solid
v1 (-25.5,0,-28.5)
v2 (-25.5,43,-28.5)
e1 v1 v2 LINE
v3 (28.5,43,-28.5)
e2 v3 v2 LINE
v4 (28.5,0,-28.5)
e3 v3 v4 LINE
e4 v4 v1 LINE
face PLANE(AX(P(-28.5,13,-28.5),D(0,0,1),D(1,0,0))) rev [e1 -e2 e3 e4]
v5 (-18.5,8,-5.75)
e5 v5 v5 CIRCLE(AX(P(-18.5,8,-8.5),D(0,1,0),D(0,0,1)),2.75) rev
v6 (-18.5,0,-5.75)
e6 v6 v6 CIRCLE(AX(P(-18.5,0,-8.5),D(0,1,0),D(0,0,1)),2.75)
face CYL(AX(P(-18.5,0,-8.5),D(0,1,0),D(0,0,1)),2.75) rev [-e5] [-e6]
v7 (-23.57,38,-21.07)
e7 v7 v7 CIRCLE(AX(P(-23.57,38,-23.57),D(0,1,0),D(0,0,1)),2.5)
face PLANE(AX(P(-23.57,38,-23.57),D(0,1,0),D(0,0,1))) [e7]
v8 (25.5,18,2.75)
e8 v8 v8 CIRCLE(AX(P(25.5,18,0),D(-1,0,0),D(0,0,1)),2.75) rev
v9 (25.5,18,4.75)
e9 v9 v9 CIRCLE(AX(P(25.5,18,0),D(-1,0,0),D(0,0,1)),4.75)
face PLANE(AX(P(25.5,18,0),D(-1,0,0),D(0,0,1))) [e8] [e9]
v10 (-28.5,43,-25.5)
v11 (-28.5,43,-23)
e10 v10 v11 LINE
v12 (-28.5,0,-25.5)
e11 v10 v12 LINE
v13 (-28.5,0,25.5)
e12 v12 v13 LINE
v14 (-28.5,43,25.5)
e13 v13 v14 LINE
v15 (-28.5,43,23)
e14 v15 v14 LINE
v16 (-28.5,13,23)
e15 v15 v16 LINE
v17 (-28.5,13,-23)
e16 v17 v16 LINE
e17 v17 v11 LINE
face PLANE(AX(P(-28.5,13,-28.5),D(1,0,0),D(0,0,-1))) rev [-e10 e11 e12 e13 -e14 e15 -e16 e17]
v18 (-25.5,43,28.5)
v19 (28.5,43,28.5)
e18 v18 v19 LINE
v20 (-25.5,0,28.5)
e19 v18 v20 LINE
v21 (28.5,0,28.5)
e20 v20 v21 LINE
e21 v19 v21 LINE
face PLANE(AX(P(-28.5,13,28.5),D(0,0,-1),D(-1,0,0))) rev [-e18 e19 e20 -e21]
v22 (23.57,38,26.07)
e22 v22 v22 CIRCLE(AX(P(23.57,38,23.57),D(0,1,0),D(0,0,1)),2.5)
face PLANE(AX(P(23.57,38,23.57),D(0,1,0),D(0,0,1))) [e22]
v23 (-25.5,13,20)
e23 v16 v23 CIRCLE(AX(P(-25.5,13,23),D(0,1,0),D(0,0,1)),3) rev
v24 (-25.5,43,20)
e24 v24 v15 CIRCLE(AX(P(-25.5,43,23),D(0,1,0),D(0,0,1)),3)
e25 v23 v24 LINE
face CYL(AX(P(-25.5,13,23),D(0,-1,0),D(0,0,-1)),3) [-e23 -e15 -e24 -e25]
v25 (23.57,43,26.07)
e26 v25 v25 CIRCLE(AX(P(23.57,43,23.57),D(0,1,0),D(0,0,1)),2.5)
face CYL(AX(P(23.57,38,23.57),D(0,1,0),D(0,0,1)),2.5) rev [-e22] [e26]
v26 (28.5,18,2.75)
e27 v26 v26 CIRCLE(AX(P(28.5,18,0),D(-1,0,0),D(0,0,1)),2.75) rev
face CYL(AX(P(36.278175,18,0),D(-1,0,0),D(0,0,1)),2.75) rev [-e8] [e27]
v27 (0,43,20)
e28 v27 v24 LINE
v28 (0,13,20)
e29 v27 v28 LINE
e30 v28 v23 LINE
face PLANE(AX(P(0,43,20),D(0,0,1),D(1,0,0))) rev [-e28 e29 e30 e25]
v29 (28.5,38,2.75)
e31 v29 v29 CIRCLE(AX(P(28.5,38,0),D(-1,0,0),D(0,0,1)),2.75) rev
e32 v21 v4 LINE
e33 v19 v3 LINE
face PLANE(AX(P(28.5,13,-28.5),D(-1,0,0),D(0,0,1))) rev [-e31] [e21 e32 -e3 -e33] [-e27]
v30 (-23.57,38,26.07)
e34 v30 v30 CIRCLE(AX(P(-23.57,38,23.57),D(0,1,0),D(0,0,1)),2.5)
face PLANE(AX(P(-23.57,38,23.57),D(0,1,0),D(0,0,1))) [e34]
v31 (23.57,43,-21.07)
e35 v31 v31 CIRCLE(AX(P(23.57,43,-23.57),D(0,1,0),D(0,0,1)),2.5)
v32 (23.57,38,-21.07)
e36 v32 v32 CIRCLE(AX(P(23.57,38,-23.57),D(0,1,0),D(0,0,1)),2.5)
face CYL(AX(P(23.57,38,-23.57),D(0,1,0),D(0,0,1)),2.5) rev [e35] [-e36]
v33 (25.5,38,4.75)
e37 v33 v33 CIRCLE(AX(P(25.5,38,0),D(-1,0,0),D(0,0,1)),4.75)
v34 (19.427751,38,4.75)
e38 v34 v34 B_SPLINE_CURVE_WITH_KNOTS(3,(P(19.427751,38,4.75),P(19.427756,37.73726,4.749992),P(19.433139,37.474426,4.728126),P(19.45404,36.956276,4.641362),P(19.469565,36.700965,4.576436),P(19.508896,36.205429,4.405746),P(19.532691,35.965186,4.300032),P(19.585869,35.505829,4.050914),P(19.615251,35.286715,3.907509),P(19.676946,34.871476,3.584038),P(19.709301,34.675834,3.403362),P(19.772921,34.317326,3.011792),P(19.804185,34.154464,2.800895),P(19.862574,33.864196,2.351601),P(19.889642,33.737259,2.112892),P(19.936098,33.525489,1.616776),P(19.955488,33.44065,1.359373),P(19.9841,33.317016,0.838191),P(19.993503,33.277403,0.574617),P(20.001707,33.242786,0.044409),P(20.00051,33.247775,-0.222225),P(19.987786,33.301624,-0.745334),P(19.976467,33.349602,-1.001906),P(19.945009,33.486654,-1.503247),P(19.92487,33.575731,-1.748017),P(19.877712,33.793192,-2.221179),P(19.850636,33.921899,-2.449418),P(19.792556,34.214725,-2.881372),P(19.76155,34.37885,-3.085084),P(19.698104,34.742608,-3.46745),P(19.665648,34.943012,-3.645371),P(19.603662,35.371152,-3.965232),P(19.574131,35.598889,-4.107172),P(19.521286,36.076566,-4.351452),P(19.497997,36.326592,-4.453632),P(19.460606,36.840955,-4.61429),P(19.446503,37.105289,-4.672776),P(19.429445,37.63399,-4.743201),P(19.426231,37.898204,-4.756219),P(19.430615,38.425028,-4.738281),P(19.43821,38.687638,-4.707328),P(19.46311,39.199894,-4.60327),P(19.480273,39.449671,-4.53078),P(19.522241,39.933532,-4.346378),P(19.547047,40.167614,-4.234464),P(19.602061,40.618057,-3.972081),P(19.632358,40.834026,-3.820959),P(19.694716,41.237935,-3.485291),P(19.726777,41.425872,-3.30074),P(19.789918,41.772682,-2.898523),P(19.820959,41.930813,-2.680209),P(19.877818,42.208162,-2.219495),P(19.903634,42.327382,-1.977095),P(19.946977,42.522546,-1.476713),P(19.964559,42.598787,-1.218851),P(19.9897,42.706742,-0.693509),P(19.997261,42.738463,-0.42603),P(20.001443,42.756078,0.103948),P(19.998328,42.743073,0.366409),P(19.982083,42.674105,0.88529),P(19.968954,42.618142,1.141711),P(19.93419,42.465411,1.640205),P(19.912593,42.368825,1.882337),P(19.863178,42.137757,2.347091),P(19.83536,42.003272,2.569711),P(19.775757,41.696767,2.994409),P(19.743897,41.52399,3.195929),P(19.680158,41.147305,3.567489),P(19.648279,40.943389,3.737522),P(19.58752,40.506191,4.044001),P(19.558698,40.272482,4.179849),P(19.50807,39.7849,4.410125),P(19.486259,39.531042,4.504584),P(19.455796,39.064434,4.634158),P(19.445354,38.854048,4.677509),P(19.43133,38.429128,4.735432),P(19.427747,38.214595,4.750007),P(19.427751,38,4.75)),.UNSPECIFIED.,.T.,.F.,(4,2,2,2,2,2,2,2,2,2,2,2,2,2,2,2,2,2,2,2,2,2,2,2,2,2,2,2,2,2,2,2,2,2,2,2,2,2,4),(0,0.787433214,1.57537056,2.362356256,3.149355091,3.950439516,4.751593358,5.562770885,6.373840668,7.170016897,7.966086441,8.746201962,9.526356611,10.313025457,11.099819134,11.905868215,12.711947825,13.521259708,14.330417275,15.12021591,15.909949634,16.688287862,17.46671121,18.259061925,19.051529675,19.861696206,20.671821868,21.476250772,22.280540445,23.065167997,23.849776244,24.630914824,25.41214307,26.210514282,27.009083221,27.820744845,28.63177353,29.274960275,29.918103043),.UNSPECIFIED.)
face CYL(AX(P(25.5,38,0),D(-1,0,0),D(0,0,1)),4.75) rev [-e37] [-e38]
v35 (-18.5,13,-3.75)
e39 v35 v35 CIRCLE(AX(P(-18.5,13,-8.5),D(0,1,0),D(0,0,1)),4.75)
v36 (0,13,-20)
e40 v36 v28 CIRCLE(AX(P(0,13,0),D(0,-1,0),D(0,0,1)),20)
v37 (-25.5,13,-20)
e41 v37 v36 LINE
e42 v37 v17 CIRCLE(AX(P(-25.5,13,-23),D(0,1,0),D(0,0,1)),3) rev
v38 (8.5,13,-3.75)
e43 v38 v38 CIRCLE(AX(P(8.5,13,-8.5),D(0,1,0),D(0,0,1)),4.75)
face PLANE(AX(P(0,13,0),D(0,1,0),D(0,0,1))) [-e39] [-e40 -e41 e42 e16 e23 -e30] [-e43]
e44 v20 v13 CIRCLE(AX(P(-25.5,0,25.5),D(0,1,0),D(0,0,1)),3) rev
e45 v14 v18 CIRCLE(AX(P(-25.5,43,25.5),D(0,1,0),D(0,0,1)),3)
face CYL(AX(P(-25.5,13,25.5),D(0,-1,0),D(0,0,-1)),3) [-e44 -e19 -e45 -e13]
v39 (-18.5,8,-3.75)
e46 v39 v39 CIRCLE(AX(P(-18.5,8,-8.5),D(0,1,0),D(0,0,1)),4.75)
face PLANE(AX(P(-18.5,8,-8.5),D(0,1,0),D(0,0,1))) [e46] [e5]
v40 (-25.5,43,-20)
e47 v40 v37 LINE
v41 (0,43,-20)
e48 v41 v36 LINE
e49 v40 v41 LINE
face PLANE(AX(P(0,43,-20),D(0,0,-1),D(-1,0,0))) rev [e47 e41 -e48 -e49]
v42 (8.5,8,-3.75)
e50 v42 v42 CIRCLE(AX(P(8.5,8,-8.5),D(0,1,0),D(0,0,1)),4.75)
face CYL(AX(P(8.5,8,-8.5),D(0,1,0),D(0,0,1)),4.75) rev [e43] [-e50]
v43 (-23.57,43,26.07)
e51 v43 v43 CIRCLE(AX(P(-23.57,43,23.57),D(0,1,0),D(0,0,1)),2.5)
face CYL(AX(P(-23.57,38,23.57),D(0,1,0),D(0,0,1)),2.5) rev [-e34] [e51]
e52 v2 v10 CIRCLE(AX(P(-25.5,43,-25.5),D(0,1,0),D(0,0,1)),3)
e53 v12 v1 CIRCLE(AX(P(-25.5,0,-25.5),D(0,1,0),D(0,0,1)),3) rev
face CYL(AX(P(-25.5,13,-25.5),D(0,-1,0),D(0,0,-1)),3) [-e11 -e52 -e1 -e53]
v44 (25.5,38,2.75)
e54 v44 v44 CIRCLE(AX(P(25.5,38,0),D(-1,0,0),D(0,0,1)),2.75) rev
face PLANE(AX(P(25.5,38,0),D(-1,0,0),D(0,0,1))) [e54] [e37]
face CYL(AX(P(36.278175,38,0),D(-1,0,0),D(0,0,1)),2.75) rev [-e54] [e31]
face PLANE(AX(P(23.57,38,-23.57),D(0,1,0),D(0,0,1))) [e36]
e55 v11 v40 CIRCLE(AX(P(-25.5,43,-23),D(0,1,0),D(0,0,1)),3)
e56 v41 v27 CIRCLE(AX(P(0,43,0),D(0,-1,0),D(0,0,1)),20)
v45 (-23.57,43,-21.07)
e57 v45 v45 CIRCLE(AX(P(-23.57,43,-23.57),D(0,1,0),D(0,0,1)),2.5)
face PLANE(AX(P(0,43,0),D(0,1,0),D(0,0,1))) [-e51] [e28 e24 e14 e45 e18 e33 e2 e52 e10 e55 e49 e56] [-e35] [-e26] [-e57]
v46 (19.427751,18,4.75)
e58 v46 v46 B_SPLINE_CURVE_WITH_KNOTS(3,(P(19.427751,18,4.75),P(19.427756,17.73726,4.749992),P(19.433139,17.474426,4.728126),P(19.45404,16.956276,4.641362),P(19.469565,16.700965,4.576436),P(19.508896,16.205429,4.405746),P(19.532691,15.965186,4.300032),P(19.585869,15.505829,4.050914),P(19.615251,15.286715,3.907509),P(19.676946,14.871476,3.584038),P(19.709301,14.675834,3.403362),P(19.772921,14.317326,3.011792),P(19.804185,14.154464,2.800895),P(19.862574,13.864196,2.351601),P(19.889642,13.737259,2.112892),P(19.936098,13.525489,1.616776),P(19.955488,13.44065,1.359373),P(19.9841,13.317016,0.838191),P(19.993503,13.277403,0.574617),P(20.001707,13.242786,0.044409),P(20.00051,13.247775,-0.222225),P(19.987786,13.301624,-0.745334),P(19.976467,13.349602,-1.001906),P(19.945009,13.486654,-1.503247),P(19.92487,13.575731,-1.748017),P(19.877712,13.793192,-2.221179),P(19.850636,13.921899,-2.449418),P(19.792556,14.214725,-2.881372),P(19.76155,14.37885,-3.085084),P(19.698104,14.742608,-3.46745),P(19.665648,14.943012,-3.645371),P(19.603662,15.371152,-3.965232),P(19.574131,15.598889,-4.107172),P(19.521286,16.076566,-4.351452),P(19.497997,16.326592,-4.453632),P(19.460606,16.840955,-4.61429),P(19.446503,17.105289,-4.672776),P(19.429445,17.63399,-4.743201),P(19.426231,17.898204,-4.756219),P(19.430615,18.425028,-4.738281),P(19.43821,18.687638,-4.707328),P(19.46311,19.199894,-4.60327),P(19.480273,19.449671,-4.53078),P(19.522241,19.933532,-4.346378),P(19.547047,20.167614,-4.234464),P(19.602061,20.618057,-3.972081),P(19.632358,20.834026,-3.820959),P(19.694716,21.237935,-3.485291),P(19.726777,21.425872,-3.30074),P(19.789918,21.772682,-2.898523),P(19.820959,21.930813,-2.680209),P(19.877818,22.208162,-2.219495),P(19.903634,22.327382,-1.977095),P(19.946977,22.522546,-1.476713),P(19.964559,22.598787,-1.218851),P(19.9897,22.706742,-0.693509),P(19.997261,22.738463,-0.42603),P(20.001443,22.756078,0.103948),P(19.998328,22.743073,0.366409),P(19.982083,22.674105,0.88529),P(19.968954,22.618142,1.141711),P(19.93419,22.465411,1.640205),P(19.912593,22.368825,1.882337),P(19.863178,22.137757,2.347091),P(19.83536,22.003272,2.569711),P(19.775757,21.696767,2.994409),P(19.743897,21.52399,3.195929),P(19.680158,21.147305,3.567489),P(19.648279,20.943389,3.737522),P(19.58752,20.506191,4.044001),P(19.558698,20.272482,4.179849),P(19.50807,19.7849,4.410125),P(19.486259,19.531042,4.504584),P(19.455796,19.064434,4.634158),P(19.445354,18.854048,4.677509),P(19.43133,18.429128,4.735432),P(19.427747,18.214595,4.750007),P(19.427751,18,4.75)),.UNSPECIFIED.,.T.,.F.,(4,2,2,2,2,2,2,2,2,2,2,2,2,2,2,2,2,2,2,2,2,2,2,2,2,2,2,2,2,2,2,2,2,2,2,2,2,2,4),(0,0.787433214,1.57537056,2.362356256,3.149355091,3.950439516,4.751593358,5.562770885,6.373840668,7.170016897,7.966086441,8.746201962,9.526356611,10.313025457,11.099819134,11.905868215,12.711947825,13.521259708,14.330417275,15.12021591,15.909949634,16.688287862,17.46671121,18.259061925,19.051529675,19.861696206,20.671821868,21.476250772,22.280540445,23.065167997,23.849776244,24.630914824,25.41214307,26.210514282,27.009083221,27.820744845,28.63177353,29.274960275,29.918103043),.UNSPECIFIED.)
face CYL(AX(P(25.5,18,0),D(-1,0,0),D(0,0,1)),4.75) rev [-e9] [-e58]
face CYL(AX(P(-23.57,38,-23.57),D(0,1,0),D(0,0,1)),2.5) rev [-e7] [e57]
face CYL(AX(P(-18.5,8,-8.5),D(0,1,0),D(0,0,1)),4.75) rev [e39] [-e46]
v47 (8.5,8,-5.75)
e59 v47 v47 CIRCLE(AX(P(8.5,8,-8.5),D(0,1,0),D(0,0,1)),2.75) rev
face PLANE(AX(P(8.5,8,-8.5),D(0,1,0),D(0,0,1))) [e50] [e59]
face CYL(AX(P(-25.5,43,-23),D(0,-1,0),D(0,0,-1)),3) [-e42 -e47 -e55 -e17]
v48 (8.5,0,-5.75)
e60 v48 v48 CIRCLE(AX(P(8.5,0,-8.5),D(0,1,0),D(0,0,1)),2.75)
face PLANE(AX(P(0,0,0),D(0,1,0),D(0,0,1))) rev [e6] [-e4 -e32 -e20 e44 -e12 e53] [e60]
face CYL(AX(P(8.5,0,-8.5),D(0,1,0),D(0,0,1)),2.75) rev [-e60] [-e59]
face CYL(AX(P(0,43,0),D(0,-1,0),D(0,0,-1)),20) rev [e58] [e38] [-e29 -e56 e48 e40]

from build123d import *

# Parameters (mm, degrees)
SKETCH1_W           = 57
SKETCH1_H           = 57
BOSS_EXTRUDE1_DEPTH = 13
BOSS_EXTRUDE2_DEPTH = 30
SKETCH3_R           = 2.75
CUT_EXTRUDE1_DEPTH  = 57
SKETCH4_R           = 4.75
CUT_EXTRUDE6_DEPTH  = 54
SKETCH5_R           = 2.5
CUT_EXTRUDE7_DEPTH  = 5
SKETCH6_R           = 2.75
CUT_EXTRUDE8_DEPTH  = 14
SKETCH7_R           = 4.75
CUT_EXTRUDE9_DEPTH  = 5
FILLET1_R           = 3


with BuildPart() as part:
    # Sketch1 → Boss-Extrude1 (new body)
    with BuildSketch(Plane(origin=(0, 0, 0), x_dir=(1, 0, 0), z_dir=(0, 1, 0))):
        Rectangle(SKETCH1_W, SKETCH1_H)
    extrude(amount=BOSS_EXTRUDE1_DEPTH)

    # Sketch2 → Boss-Extrude2 (add)
    with BuildSketch(Plane(origin=(0, 13, 0), x_dir=(1, 0, 0), z_dir=(0, 1, 0))):
        with BuildLine():
            Line((0, 20), (-28.5, 20))
            Line((-28.5, 20), (-28.5, 28.5))
            Line((-28.5, 28.5), (28.5, 28.5))
            Line((28.5, 28.5), (28.5, -28.5))
            Line((28.5, -28.5), (-28.5, -28.5))
            Line((-28.5, -28.5), (-28.5, -20))
            Line((-28.5, -20), (0, -20))
            ThreePointArc((0, -20), (20, 0), (0, 20))
        make_face()
    extrude(amount=BOSS_EXTRUDE2_DEPTH)

    # Sketch3 → Cut-Extrude1 (cut)
    with BuildSketch(Plane.ZY.offset(28.5)):
        with Locations((0, 18)):
            Circle(SKETCH3_R)
        with Locations((0, 38)):
            Circle(SKETCH3_R)
    extrude(amount=-CUT_EXTRUDE1_DEPTH, mode=Mode.SUBTRACT)

    # Sketch4 → Cut-Extrude6 (cut)
    with BuildSketch(Plane.ZY.offset(28.5)):
        with Locations((0, 38)):
            Circle(SKETCH4_R)
        with Locations((0, 18)):
            Circle(SKETCH4_R)
    extrude(amount=-CUT_EXTRUDE6_DEPTH, mode=Mode.SUBTRACT)

    # Sketch5 → Cut-Extrude7 (cut)
    with BuildSketch(Plane(origin=(0, 43, 0), x_dir=(1, 0, 0), z_dir=(0, 1, 0))):
        with Locations((-23.57, 23.57)):
            Circle(SKETCH5_R)
        with Locations((23.57, 23.57)):
            Circle(SKETCH5_R)
        with Locations((23.57, -23.57)):
            Circle(SKETCH5_R)
        with Locations((-23.57, -23.57)):
            Circle(SKETCH5_R)
    extrude(amount=-CUT_EXTRUDE7_DEPTH, mode=Mode.SUBTRACT)

    # Sketch6 → Cut-Extrude8 (cut, through all)
    with BuildSketch(Plane(origin=(0, 13, 0), x_dir=(1, 0, 0), z_dir=(0, 1, 0))):
        with Locations((-18.5, 8.5)):
            Circle(SKETCH6_R)
        with Locations((8.5, 8.5)):
            Circle(SKETCH6_R)
    extrude(amount=-CUT_EXTRUDE8_DEPTH, mode=Mode.SUBTRACT)

    # Sketch7 → Cut-Extrude9 (cut)
    with BuildSketch(Plane(origin=(0, 13, 0), x_dir=(1, 0, 0), z_dir=(0, 1, 0))):
        with Locations((-18.5, 8.5)):
            Circle(SKETCH7_R)
        with Locations((8.5, 8.5)):
            Circle(SKETCH7_R)
    extrude(amount=-CUT_EXTRUDE9_DEPTH, mode=Mode.SUBTRACT)

    # Fillet1
    fillet1_edges = [part.edges().sort_by_distance(p)[0] for p in [
        (-28.5, 28, -20),
        (-28.5, 28, 20),
        (-28.5, 21.5, -28.5),
        (-28.5, 21.5, 28.5),
    ]]
    fillet(fillet1_edges, radius=FILLET1_R)


solid = part.part
